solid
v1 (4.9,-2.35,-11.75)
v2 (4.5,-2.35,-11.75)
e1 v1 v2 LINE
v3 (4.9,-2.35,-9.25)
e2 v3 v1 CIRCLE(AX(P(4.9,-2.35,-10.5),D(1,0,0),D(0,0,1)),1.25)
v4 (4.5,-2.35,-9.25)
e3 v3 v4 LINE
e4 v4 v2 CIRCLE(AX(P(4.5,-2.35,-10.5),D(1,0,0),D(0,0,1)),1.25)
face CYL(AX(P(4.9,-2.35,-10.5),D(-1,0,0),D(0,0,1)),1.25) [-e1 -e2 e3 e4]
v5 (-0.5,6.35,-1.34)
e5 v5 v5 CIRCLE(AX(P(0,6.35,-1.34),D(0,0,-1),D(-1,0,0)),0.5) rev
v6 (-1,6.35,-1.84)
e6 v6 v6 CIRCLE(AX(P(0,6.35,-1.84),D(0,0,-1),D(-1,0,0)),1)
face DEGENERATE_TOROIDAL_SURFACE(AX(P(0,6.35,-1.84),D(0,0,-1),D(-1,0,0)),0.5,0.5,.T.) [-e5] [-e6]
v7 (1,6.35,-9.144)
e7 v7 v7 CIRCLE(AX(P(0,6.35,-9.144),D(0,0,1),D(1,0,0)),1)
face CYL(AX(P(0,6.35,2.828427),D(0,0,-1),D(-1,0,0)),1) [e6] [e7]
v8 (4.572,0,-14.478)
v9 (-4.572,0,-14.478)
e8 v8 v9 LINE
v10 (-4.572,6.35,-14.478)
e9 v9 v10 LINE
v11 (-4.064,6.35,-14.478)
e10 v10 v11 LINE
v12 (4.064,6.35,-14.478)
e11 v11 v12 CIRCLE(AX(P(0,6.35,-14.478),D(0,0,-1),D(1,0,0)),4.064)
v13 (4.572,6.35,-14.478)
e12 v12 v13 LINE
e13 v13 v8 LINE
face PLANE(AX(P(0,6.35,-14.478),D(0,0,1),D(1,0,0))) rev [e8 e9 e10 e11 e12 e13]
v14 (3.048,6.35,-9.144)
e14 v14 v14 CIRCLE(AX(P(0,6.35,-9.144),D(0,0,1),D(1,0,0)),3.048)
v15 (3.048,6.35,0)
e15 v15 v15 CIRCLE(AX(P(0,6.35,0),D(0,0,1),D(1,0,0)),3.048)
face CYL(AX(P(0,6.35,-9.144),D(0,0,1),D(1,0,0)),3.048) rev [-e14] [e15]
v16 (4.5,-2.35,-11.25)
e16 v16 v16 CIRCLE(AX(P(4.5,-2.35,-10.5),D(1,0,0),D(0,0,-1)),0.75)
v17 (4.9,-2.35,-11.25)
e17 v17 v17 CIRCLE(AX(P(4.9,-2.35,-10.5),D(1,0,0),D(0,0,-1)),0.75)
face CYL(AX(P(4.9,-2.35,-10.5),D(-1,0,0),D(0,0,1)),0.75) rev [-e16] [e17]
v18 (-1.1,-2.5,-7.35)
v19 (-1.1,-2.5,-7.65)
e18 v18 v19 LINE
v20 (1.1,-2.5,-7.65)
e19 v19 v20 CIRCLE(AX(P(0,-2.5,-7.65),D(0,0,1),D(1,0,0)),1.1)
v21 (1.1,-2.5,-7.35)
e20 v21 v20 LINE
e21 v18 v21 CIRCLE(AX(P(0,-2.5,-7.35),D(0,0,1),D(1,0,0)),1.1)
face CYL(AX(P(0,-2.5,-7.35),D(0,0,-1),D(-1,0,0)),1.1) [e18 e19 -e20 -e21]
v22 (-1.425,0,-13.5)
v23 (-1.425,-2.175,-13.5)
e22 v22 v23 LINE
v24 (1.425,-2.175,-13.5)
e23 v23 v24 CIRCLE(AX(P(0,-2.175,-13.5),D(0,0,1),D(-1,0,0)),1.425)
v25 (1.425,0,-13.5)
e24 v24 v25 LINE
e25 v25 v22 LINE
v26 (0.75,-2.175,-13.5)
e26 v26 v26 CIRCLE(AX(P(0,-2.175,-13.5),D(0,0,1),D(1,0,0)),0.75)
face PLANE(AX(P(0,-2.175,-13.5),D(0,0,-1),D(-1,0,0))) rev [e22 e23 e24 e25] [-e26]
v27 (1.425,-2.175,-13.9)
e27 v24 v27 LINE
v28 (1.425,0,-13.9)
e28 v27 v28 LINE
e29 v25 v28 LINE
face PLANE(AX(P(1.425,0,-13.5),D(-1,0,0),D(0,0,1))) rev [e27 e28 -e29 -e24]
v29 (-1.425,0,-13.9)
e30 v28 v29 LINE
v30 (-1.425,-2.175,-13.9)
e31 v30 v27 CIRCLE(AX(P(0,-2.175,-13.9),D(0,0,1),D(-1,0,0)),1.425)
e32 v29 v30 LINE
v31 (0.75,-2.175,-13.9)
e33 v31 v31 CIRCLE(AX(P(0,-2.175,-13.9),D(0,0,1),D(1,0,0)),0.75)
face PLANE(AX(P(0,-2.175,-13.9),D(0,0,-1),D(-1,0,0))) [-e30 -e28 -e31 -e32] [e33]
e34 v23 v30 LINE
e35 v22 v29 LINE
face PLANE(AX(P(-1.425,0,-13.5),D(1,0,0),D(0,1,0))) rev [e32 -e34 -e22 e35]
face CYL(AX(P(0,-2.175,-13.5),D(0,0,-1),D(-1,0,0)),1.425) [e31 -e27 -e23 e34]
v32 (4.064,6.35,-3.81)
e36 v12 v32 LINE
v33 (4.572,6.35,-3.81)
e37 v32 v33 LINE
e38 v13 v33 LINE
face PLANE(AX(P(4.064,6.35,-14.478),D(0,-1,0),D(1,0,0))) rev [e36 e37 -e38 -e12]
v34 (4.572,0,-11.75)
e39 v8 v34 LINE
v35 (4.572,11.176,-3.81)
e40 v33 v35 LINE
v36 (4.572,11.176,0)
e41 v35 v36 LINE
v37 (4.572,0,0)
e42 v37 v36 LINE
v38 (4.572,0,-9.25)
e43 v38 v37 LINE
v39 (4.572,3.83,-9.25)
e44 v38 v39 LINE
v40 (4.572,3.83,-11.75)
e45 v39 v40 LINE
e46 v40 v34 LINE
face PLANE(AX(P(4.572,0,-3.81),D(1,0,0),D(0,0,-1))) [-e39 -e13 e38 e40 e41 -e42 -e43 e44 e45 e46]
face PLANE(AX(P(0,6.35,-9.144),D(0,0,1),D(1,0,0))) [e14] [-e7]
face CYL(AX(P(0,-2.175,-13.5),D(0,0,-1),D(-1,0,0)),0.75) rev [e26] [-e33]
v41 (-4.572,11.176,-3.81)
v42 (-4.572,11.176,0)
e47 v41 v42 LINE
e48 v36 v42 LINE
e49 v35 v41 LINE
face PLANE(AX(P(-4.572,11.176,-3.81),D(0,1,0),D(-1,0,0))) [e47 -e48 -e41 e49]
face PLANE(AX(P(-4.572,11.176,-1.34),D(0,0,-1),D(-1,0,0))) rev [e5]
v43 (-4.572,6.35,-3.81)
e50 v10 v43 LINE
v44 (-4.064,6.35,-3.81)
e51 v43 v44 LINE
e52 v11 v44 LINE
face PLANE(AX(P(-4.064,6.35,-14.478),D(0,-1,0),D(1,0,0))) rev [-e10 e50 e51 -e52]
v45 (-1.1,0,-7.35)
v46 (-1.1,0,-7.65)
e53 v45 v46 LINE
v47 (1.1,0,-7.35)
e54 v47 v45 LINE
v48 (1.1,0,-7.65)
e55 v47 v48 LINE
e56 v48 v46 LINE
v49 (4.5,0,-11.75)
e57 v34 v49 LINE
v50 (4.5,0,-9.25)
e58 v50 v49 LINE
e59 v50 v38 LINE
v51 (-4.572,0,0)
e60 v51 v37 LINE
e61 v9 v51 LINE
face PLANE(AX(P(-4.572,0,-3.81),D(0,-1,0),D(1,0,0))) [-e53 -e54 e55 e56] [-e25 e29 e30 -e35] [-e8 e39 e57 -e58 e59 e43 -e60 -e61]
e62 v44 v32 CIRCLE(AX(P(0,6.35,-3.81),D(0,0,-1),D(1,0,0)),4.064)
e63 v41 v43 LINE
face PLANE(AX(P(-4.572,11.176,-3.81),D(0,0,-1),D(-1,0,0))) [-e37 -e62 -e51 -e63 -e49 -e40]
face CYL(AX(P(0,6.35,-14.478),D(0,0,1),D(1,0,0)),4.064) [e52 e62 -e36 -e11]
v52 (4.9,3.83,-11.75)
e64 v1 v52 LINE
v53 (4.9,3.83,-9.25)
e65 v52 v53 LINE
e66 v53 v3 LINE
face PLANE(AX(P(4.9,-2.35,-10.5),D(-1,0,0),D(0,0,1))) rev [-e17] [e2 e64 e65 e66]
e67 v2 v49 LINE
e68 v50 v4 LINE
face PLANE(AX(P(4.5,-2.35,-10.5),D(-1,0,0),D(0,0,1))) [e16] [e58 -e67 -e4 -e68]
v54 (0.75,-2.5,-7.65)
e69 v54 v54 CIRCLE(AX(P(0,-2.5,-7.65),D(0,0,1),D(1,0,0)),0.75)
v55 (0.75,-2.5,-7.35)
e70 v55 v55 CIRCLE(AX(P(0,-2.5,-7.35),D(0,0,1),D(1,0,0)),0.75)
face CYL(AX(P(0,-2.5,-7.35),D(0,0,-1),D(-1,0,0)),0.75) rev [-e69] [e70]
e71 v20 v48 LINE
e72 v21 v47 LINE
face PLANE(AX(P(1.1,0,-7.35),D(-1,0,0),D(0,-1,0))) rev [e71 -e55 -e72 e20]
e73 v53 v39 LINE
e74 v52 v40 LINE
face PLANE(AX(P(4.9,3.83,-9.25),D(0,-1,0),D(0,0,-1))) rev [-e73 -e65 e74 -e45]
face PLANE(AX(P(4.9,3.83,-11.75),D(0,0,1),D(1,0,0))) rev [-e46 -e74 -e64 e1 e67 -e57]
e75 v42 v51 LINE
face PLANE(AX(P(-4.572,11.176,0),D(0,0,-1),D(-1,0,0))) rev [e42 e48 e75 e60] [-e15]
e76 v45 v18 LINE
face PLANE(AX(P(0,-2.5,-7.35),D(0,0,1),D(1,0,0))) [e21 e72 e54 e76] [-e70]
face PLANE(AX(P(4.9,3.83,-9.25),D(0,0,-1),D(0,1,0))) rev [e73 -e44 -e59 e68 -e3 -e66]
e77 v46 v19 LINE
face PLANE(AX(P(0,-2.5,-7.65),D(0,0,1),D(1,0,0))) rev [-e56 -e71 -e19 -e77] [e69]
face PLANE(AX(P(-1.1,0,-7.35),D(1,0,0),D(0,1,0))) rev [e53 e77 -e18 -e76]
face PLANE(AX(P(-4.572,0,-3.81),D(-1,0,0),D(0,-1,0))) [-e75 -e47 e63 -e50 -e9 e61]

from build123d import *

# Parameters (mm, degrees)
SKETCH1_W           = 9.144
SKETCH1_H           = 11.176
BASE_EXTRUDE_DEPTH  = 3.81
BOSS_EXTRUDE1_DEPTH = 10.668
SKETCH3_R           = 3.048
CUT_EXTRUDE1_DEPTH  = 9.144
SKETCH4_R           = 1
EXTRUDE1_DEPTH      = 7.804
FILLET1_R           = 0.5
SKETCH5_R           = 0.75
EXTRUDE2_DEPTH      = 0.2
SKETCH6_R           = 0.75
EXTRUDE3_DEPTH      = 0.15
SKETCH7_R           = 0.75
EXTRUDE4_DEPTH      = 0.2


with BuildPart() as part:
    # Sketch1 → Base-Extrude (new body)
    with BuildSketch(Plane.XY):
        with Locations((0, 5.588)):
            Rectangle(SKETCH1_W, SKETCH1_H)
    extrude(amount=-BASE_EXTRUDE_DEPTH)

    # Sketch2 → Boss-Extrude1 (add)
    with BuildSketch(Plane(origin=(0, 0, -3.81), x_dir=(-1, 0, 0), z_dir=(0, 0, -1))):
        with BuildLine():
            Line((-4.572, 0), (-4.572, 6.35))
            Line((-4.572, 6.35), (-4.064, 6.35))
            ThreePointArc((-4.064, 6.35), (0, 10.414), (4.064, 6.35))
            Line((4.064, 6.35), (4.572, 6.35))
            Line((4.572, 6.35), (4.572, 0))
            Line((4.572, 0), (-4.572, 0))
        make_face()
    extrude(amount=BOSS_EXTRUDE1_DEPTH)

    # Sketch3 → Cut-Extrude1 (cut)
    with BuildSketch(Plane.XY):
        with Locations((0, 6.35)):
            Circle(SKETCH3_R)
    extrude(amount=-CUT_EXTRUDE1_DEPTH, mode=Mode.SUBTRACT)

    # Sketch4 → Extrude1 (add)
    with BuildSketch(Plane.XY.offset(-9.144)):
        with Locations((0, 6.35)):
            Circle(SKETCH4_R)
    extrude(amount=EXTRUDE1_DEPTH)

    # Fillet1
    fillet1_edges = [part.edges().sort_by_distance(p)[0] for p in [
        (-1, 6.35, -1.34),
    ]]
    fillet(fillet1_edges, radius=FILLET1_R)

    # Sketch5 → Extrude2 (add, symmetric)
    with BuildSketch(Plane(origin=(4.7, 0, 0), x_dir=(0, 0, -1), z_dir=(1, 0, 0))):
        with BuildLine():
            Line((11.75, 3.83), (11.75, -2.35))
            ThreePointArc((11.75, -2.35), (10.5, -3.6), (9.25, -2.35))
            Line((9.25, -2.35), (9.25, 3.83))
            Line((9.25, 3.83), (11.75, 3.83))
        make_face()
        with Locations((10.5, -2.35)):
            Circle(SKETCH5_R, mode=Mode.SUBTRACT)
    extrude(amount=EXTRUDE2_DEPTH, both=True)

    # Sketch6 → Extrude3 (add, symmetric)
    with BuildSketch(Plane(origin=(0, 0, -7.5), x_dir=(-1, 0, 0), z_dir=(0, 0, 1))):
        with BuildLine():
            Line((-1.1, 0), (-1.1, 2.5))
            ThreePointArc((-1.1, 2.5), (0, 3.6), (1.1, 2.5))
            Line((1.1, 2.5), (1.1, 0))
            Line((1.1, 0), (-1.1, 0))
        make_face()
        with Locations((0, 2.5)):
            Circle(SKETCH6_R, mode=Mode.SUBTRACT)
    extrude(amount=EXTRUDE3_DEPTH, both=True)

    # Sketch7 → Extrude4 (add, symmetric)
    with BuildSketch(Plane.XY.offset(-13.7)):
        with BuildLine():
            Line((1.425, 0), (1.425, -2.175))
            ThreePointArc((1.425, -2.175), (0, -3.6), (-1.425, -2.175))
            Line((-1.425, -2.175), (-1.425, 0))
            Line((-1.425, 0), (1.425, 0))
        make_face()
        with Locations((0, -2.175)):
            Circle(SKETCH7_R, mode=Mode.SUBTRACT)
    extrude(amount=EXTRUDE4_DEPTH, both=True)


solid = part.part
